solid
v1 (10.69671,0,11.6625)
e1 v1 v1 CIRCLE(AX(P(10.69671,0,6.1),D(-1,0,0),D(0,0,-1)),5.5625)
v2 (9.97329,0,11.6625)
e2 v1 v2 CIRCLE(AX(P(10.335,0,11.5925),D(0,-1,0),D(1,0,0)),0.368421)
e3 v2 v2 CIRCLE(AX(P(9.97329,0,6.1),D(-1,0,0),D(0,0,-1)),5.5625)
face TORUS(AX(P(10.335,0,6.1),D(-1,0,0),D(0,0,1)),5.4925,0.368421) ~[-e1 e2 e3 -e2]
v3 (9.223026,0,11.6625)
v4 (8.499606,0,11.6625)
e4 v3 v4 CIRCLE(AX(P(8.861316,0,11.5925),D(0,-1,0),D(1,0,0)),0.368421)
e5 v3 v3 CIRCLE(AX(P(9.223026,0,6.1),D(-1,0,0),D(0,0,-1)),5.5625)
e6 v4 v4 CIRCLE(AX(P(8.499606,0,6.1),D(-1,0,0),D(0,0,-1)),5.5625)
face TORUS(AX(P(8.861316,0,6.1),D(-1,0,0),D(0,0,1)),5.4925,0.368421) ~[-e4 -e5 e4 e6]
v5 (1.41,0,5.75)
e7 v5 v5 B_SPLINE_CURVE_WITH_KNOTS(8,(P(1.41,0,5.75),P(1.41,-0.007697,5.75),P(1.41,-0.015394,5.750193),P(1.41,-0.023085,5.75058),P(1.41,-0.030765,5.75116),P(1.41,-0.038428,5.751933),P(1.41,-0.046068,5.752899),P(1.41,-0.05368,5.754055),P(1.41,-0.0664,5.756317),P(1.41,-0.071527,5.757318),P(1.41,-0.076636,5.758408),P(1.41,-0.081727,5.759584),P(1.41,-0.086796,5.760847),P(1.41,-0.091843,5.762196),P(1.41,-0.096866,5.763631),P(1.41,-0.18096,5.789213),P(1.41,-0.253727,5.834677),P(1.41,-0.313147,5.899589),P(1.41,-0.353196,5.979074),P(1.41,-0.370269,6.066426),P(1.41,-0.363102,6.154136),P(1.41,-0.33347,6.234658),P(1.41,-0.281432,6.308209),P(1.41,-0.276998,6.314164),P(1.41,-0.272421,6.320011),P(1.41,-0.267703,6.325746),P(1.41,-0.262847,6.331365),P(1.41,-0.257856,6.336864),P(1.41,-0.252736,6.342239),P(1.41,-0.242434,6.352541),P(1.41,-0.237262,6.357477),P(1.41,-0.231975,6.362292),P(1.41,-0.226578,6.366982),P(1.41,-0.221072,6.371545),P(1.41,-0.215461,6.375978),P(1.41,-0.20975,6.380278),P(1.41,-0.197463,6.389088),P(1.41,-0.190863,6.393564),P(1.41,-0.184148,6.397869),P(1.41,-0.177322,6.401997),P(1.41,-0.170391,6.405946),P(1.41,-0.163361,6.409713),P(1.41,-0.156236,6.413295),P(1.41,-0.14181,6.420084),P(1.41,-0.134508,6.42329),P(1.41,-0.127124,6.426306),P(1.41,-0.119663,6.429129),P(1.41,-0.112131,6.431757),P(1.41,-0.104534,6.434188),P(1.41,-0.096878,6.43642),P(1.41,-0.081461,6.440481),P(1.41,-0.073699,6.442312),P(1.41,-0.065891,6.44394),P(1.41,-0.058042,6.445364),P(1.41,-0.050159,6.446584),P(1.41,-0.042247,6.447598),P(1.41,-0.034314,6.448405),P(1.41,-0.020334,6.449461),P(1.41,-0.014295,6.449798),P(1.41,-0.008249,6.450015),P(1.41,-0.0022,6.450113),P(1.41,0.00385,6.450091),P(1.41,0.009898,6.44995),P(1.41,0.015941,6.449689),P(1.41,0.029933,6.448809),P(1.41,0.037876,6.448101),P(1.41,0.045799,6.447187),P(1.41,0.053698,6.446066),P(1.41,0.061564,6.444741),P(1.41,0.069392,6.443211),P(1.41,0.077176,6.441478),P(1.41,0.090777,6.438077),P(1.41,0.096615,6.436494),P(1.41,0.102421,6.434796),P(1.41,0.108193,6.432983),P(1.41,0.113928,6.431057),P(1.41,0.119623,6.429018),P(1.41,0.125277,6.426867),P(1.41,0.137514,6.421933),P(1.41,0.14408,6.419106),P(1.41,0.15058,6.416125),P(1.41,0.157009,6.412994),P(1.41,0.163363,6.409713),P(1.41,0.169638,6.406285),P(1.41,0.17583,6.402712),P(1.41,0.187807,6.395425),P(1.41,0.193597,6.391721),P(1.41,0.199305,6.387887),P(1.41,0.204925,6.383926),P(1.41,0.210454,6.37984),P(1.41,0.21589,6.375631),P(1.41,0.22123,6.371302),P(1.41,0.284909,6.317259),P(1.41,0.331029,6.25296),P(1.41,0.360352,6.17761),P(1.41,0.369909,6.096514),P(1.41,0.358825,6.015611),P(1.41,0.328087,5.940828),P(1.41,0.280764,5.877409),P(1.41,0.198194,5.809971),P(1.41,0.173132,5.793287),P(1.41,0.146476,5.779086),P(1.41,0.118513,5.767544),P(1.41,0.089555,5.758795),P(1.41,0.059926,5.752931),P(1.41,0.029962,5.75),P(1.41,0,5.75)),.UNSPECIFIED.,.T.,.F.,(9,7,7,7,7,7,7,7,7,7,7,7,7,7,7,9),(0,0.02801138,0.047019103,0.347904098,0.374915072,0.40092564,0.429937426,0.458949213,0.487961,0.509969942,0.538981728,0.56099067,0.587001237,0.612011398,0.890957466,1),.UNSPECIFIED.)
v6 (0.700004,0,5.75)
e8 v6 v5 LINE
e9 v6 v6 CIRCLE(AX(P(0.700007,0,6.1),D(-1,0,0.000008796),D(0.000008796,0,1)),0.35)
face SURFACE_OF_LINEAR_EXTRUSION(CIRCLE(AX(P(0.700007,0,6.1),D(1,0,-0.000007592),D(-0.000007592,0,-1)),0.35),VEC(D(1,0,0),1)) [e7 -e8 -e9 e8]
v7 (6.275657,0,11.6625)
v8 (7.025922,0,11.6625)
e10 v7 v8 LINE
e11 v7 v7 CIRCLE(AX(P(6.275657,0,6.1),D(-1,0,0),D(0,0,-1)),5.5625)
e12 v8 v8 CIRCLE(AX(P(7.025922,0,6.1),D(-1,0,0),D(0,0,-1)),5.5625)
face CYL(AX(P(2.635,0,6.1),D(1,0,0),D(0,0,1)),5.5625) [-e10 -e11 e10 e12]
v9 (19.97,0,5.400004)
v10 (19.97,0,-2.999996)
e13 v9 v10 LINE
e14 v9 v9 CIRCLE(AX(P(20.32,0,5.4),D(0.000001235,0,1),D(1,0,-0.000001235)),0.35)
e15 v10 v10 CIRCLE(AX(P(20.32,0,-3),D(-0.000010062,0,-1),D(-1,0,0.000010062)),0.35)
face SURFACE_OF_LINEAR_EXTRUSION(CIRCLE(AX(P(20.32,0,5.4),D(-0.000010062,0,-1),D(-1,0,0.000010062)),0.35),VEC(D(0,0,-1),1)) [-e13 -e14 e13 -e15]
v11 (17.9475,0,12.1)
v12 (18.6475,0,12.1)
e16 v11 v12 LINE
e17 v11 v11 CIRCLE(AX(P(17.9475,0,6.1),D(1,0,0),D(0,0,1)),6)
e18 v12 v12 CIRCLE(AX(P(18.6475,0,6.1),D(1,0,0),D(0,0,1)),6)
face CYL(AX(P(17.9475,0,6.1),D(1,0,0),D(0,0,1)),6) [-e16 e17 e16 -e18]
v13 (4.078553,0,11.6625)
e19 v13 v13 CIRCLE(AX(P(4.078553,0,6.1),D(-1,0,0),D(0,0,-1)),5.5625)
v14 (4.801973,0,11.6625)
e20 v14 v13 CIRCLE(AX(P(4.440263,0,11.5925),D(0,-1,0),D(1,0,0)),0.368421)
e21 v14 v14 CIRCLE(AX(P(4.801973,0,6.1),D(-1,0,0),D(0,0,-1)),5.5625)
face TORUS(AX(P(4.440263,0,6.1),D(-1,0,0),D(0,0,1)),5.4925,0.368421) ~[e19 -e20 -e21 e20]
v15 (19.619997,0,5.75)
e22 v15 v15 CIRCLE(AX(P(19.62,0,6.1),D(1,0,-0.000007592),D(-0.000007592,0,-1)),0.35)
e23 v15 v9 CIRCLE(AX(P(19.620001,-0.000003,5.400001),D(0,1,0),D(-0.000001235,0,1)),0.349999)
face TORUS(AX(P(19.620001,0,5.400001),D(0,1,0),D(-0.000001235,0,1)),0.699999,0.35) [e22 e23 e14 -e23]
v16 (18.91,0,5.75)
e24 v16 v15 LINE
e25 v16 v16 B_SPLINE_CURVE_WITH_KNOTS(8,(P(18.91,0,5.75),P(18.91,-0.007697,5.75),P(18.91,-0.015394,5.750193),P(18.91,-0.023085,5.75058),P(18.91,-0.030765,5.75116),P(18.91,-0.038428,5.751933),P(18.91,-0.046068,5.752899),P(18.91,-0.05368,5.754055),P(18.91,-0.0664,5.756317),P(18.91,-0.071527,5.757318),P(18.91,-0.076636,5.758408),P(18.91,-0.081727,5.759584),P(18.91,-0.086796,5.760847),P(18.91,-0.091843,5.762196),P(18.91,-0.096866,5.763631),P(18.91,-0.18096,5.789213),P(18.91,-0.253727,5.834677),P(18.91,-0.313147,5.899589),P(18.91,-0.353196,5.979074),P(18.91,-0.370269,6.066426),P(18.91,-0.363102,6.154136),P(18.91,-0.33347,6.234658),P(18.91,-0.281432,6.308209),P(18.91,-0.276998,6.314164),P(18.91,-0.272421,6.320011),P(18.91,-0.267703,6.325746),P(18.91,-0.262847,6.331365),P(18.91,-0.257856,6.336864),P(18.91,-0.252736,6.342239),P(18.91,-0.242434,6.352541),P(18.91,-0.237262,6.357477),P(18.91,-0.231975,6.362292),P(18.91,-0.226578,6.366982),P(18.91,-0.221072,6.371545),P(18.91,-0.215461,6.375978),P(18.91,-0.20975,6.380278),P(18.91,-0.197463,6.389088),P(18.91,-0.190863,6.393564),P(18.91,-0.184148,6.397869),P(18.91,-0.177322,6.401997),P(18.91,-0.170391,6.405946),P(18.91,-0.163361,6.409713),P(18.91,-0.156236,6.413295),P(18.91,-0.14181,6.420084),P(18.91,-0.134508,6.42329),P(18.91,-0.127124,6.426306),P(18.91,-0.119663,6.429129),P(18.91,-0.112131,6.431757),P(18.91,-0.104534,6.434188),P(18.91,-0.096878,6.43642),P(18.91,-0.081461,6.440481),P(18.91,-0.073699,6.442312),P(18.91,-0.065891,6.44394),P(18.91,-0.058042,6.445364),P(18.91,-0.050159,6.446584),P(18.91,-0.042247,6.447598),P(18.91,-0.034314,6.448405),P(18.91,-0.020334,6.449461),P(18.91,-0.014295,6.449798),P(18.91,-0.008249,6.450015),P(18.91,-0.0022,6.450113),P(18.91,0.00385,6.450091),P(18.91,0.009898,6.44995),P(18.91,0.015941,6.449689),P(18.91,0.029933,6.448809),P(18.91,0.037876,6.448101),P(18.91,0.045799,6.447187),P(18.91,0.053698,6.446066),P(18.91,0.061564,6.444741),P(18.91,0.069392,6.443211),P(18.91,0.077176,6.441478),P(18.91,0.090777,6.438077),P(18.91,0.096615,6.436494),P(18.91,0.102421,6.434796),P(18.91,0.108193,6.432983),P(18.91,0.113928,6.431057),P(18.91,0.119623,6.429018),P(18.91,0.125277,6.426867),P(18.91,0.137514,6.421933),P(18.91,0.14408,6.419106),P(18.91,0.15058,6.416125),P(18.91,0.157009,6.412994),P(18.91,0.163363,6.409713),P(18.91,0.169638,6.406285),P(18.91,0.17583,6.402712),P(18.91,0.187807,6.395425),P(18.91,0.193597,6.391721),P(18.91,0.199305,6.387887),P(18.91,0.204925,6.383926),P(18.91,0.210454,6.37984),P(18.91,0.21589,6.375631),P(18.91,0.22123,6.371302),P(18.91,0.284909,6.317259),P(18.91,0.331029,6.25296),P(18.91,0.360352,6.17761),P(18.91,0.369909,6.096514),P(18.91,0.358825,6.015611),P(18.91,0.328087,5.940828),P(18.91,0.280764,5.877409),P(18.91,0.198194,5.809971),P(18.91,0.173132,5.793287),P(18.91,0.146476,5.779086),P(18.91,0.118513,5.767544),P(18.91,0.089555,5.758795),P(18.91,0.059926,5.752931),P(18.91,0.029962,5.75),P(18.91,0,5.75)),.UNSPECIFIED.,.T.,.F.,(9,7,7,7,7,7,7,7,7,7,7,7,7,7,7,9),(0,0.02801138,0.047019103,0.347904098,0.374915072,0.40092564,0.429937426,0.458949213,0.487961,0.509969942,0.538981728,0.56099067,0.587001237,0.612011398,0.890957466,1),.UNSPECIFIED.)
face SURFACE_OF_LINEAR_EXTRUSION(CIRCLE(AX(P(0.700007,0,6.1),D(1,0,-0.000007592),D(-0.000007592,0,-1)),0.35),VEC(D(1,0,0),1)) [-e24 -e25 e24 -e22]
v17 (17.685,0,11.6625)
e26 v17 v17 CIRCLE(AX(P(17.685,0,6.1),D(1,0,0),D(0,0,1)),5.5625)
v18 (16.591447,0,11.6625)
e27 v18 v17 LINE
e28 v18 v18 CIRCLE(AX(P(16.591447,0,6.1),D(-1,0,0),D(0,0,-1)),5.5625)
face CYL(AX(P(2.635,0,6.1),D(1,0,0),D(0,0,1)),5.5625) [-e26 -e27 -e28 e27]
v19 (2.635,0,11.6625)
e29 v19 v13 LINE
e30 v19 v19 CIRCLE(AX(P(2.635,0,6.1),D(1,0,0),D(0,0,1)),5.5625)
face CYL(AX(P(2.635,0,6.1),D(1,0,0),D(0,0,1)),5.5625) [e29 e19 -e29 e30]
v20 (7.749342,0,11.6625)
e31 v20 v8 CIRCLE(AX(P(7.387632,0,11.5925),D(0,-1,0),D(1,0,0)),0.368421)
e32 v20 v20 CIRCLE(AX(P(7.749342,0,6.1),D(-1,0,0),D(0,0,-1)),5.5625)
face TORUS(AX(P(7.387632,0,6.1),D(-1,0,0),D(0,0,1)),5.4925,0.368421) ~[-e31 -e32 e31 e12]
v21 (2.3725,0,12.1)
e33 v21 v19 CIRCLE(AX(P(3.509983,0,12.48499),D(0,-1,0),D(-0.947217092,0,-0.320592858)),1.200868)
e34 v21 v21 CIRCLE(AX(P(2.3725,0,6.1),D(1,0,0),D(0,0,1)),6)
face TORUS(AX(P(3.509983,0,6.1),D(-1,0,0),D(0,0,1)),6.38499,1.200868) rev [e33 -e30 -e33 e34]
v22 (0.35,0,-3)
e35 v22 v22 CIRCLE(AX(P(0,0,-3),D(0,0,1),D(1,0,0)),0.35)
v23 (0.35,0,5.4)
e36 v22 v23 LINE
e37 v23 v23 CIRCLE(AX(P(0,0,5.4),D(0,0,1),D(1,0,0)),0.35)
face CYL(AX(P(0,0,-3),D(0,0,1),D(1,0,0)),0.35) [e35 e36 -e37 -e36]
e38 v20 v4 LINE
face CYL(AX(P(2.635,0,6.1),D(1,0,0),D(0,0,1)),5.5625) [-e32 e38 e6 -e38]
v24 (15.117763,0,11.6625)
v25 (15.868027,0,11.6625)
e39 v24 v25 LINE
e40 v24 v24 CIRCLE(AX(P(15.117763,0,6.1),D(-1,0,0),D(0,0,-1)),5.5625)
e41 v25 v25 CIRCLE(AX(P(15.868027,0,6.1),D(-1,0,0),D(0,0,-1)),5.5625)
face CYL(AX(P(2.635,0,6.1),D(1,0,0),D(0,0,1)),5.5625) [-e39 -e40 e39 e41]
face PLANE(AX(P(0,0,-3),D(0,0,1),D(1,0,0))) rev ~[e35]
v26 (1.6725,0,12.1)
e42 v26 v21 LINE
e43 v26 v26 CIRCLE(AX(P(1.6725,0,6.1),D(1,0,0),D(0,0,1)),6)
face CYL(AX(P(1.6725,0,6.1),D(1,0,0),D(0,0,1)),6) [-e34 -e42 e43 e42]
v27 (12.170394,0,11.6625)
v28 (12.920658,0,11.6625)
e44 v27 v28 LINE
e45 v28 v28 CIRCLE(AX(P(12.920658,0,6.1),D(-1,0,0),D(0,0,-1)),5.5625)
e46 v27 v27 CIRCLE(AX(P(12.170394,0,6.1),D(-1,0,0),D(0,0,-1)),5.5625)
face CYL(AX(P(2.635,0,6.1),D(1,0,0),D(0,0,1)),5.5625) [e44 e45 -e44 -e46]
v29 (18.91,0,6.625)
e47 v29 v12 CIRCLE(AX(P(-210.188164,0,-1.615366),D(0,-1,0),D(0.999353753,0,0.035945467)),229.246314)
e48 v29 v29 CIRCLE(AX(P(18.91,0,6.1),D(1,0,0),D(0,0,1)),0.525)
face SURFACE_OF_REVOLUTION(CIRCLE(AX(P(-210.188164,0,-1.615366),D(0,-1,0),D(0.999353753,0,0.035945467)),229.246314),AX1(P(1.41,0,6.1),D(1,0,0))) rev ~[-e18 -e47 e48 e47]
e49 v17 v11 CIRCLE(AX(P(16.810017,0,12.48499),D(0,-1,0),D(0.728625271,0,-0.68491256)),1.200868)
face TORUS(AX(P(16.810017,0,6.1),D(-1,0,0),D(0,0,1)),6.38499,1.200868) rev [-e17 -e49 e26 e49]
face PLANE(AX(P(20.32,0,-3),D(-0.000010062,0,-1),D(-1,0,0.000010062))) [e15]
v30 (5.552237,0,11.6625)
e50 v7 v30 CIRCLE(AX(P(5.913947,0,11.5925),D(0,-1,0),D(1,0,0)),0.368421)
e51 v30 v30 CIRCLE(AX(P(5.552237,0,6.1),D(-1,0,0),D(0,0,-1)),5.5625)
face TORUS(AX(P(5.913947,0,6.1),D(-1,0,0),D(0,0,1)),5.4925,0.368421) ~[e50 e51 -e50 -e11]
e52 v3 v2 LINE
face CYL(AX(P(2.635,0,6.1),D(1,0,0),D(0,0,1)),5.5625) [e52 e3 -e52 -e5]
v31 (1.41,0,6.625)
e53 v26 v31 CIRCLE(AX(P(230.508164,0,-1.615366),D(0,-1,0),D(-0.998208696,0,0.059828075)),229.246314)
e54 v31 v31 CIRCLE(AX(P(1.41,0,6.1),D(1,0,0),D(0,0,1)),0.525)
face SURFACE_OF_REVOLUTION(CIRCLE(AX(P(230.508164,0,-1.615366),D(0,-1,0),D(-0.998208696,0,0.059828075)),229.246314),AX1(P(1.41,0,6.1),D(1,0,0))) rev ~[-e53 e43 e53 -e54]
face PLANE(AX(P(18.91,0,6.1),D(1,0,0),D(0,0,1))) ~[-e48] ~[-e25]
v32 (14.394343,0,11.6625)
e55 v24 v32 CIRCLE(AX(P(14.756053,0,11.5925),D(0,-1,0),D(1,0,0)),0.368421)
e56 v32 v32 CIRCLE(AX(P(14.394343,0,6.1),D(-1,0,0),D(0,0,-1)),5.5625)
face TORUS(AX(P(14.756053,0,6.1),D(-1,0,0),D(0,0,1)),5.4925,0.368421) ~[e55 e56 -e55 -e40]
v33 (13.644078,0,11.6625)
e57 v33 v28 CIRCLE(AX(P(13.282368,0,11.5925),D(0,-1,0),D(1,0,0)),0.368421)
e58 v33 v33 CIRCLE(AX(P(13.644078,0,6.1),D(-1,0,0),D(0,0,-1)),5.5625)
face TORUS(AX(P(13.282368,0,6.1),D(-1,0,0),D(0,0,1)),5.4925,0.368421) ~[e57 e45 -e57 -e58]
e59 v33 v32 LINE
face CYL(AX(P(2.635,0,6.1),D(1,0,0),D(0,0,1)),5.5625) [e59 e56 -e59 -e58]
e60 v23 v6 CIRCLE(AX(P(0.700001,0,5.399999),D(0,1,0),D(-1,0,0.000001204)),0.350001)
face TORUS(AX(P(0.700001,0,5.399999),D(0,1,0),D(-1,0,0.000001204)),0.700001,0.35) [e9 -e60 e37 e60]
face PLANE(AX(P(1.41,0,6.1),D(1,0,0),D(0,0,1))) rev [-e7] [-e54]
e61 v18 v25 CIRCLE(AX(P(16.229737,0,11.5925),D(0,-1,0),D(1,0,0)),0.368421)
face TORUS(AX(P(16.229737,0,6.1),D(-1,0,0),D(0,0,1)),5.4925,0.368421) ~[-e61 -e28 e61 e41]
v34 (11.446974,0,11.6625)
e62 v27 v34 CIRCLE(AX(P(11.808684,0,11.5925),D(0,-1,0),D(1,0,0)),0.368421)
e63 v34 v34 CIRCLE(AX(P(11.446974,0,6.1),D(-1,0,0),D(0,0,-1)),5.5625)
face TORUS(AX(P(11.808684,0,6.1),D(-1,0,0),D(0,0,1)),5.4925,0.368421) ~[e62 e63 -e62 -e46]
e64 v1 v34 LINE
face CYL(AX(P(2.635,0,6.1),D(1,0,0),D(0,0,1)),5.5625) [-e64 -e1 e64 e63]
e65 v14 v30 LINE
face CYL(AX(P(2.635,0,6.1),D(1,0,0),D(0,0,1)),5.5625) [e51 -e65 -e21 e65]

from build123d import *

# Parameters (mm, degrees)
SKETCH_R = 0.35


with BuildPart() as sweep_body:
    # Sweep: sweep along a path in Sketch001
    with BuildLine(Plane.XZ) as sweep_path:
        Line((0, -3), (0, 5.4))
        ThreePointArc((0, 5.4), (0.205028, 5.894977), (0.700007, 6.1))
        Line((0.700007, 6.1), (19.62, 6.1))
        ThreePointArc((19.62, 6.1), (20.114975, 5.894975), (20.32, 5.4))
        Line((20.32, 5.4), (20.32, -3))
    # Sketch → Sweep (sweep)
    with BuildSketch(Plane.XY.offset(-2)):
        Circle(SKETCH_R)
    sweep(path=sweep_path.line)


with BuildPart() as revolution001:
    # Sketch003 → Revolution001 (revolve)
    with BuildSketch(Plane.XZ):
        with BuildLine():
            ThreePointArc((4.808684, 11.5925), (4.440263, 11.960921), (4.071842, 11.5925))
            Line((3.335, 11.5925), (4.071842, 11.5925))
            Line((3.335, 11.5925), (3.335, 10.3925))
            Line((3.335, 10.3925), (17.335, 10.3925))
            Line((17.335, 10.3925), (17.335, 11.5925))
            Line((16.598158, 11.5925), (17.335, 11.5925))
            ThreePointArc((16.598158, 11.5925), (16.229737, 11.960921), (15.861316, 11.5925))
            Line((15.124474, 11.5925), (15.861316, 11.5925))
            ThreePointArc((15.124474, 11.5925), (14.756053, 11.960921), (14.387632, 11.5925))
            Line((13.650789, 11.5925), (14.387632, 11.5925))
            ThreePointArc((13.650789, 11.5925), (13.282368, 11.960921), (12.913947, 11.5925))
            Line((12.177105, 11.5925), (12.913947, 11.5925))
            ThreePointArc((12.177105, 11.5925), (11.808684, 11.960921), (11.440263, 11.5925))
            Line((10.703421, 11.5925), (11.440263, 11.5925))
            ThreePointArc((10.703421, 11.5925), (10.335, 11.960921), (9.966579, 11.5925))
            Line((9.229737, 11.5925), (9.966579, 11.5925))
            ThreePointArc((9.229737, 11.5925), (8.861316, 11.960921), (8.492895, 11.5925))
            Line((7.756053, 11.5925), (8.492895, 11.5925))
            ThreePointArc((7.756053, 11.5925), (7.387632, 11.960921), (7.019211, 11.5925))
            Line((6.282368, 11.5925), (7.019211, 11.5925))
            ThreePointArc((6.282368, 11.5925), (5.913947, 11.960921), (5.545526, 11.5925))
            Line((4.808684, 11.5925), (5.545526, 11.5925))
        make_face()
    revolve(axis=Axis((1.8475, 0, 6.1), (1, 0, 0)))


with BuildPart() as revolution_mp_cp:
    # Sketch002 → Revolution (revolve)
    with BuildSketch(Plane.XZ):
        with BuildLine():
            Line((1.6725, 12.1), (2.3725, 12.1))
            ThreePointArc((2.3725, 12.1), (2.480247, 11.867148), (2.635, 11.6625))
            Line((2.635, 11.6625), (17.685, 11.6625))
            ThreePointArc((17.685, 11.6625), (17.839753, 11.867148), (17.9475, 12.1))
            Line((17.9475, 12.1), (18.6475, 12.1))
            ThreePointArc((18.91, 6.625), (18.795114, 9.363285), (18.6475, 12.1))
            Line((18.91, 6.1), (18.91, 6.625))
            Line((1.41, 6.1), (18.91, 6.1))
            Line((1.41, 6.1), (1.41, 6.625))
            ThreePointArc((1.6725, 12.1), (1.524886, 9.363285), (1.41, 6.625))
        make_face()
    revolve(axis=Axis((1.41, 0, 6.1), (1, 0, 0)))

    # Revolution_mp_cp: union Sweep body, Revolution001
    add(sweep_body.part)
    add(revolution001.part)


solid = revolution_mp_cp.part
